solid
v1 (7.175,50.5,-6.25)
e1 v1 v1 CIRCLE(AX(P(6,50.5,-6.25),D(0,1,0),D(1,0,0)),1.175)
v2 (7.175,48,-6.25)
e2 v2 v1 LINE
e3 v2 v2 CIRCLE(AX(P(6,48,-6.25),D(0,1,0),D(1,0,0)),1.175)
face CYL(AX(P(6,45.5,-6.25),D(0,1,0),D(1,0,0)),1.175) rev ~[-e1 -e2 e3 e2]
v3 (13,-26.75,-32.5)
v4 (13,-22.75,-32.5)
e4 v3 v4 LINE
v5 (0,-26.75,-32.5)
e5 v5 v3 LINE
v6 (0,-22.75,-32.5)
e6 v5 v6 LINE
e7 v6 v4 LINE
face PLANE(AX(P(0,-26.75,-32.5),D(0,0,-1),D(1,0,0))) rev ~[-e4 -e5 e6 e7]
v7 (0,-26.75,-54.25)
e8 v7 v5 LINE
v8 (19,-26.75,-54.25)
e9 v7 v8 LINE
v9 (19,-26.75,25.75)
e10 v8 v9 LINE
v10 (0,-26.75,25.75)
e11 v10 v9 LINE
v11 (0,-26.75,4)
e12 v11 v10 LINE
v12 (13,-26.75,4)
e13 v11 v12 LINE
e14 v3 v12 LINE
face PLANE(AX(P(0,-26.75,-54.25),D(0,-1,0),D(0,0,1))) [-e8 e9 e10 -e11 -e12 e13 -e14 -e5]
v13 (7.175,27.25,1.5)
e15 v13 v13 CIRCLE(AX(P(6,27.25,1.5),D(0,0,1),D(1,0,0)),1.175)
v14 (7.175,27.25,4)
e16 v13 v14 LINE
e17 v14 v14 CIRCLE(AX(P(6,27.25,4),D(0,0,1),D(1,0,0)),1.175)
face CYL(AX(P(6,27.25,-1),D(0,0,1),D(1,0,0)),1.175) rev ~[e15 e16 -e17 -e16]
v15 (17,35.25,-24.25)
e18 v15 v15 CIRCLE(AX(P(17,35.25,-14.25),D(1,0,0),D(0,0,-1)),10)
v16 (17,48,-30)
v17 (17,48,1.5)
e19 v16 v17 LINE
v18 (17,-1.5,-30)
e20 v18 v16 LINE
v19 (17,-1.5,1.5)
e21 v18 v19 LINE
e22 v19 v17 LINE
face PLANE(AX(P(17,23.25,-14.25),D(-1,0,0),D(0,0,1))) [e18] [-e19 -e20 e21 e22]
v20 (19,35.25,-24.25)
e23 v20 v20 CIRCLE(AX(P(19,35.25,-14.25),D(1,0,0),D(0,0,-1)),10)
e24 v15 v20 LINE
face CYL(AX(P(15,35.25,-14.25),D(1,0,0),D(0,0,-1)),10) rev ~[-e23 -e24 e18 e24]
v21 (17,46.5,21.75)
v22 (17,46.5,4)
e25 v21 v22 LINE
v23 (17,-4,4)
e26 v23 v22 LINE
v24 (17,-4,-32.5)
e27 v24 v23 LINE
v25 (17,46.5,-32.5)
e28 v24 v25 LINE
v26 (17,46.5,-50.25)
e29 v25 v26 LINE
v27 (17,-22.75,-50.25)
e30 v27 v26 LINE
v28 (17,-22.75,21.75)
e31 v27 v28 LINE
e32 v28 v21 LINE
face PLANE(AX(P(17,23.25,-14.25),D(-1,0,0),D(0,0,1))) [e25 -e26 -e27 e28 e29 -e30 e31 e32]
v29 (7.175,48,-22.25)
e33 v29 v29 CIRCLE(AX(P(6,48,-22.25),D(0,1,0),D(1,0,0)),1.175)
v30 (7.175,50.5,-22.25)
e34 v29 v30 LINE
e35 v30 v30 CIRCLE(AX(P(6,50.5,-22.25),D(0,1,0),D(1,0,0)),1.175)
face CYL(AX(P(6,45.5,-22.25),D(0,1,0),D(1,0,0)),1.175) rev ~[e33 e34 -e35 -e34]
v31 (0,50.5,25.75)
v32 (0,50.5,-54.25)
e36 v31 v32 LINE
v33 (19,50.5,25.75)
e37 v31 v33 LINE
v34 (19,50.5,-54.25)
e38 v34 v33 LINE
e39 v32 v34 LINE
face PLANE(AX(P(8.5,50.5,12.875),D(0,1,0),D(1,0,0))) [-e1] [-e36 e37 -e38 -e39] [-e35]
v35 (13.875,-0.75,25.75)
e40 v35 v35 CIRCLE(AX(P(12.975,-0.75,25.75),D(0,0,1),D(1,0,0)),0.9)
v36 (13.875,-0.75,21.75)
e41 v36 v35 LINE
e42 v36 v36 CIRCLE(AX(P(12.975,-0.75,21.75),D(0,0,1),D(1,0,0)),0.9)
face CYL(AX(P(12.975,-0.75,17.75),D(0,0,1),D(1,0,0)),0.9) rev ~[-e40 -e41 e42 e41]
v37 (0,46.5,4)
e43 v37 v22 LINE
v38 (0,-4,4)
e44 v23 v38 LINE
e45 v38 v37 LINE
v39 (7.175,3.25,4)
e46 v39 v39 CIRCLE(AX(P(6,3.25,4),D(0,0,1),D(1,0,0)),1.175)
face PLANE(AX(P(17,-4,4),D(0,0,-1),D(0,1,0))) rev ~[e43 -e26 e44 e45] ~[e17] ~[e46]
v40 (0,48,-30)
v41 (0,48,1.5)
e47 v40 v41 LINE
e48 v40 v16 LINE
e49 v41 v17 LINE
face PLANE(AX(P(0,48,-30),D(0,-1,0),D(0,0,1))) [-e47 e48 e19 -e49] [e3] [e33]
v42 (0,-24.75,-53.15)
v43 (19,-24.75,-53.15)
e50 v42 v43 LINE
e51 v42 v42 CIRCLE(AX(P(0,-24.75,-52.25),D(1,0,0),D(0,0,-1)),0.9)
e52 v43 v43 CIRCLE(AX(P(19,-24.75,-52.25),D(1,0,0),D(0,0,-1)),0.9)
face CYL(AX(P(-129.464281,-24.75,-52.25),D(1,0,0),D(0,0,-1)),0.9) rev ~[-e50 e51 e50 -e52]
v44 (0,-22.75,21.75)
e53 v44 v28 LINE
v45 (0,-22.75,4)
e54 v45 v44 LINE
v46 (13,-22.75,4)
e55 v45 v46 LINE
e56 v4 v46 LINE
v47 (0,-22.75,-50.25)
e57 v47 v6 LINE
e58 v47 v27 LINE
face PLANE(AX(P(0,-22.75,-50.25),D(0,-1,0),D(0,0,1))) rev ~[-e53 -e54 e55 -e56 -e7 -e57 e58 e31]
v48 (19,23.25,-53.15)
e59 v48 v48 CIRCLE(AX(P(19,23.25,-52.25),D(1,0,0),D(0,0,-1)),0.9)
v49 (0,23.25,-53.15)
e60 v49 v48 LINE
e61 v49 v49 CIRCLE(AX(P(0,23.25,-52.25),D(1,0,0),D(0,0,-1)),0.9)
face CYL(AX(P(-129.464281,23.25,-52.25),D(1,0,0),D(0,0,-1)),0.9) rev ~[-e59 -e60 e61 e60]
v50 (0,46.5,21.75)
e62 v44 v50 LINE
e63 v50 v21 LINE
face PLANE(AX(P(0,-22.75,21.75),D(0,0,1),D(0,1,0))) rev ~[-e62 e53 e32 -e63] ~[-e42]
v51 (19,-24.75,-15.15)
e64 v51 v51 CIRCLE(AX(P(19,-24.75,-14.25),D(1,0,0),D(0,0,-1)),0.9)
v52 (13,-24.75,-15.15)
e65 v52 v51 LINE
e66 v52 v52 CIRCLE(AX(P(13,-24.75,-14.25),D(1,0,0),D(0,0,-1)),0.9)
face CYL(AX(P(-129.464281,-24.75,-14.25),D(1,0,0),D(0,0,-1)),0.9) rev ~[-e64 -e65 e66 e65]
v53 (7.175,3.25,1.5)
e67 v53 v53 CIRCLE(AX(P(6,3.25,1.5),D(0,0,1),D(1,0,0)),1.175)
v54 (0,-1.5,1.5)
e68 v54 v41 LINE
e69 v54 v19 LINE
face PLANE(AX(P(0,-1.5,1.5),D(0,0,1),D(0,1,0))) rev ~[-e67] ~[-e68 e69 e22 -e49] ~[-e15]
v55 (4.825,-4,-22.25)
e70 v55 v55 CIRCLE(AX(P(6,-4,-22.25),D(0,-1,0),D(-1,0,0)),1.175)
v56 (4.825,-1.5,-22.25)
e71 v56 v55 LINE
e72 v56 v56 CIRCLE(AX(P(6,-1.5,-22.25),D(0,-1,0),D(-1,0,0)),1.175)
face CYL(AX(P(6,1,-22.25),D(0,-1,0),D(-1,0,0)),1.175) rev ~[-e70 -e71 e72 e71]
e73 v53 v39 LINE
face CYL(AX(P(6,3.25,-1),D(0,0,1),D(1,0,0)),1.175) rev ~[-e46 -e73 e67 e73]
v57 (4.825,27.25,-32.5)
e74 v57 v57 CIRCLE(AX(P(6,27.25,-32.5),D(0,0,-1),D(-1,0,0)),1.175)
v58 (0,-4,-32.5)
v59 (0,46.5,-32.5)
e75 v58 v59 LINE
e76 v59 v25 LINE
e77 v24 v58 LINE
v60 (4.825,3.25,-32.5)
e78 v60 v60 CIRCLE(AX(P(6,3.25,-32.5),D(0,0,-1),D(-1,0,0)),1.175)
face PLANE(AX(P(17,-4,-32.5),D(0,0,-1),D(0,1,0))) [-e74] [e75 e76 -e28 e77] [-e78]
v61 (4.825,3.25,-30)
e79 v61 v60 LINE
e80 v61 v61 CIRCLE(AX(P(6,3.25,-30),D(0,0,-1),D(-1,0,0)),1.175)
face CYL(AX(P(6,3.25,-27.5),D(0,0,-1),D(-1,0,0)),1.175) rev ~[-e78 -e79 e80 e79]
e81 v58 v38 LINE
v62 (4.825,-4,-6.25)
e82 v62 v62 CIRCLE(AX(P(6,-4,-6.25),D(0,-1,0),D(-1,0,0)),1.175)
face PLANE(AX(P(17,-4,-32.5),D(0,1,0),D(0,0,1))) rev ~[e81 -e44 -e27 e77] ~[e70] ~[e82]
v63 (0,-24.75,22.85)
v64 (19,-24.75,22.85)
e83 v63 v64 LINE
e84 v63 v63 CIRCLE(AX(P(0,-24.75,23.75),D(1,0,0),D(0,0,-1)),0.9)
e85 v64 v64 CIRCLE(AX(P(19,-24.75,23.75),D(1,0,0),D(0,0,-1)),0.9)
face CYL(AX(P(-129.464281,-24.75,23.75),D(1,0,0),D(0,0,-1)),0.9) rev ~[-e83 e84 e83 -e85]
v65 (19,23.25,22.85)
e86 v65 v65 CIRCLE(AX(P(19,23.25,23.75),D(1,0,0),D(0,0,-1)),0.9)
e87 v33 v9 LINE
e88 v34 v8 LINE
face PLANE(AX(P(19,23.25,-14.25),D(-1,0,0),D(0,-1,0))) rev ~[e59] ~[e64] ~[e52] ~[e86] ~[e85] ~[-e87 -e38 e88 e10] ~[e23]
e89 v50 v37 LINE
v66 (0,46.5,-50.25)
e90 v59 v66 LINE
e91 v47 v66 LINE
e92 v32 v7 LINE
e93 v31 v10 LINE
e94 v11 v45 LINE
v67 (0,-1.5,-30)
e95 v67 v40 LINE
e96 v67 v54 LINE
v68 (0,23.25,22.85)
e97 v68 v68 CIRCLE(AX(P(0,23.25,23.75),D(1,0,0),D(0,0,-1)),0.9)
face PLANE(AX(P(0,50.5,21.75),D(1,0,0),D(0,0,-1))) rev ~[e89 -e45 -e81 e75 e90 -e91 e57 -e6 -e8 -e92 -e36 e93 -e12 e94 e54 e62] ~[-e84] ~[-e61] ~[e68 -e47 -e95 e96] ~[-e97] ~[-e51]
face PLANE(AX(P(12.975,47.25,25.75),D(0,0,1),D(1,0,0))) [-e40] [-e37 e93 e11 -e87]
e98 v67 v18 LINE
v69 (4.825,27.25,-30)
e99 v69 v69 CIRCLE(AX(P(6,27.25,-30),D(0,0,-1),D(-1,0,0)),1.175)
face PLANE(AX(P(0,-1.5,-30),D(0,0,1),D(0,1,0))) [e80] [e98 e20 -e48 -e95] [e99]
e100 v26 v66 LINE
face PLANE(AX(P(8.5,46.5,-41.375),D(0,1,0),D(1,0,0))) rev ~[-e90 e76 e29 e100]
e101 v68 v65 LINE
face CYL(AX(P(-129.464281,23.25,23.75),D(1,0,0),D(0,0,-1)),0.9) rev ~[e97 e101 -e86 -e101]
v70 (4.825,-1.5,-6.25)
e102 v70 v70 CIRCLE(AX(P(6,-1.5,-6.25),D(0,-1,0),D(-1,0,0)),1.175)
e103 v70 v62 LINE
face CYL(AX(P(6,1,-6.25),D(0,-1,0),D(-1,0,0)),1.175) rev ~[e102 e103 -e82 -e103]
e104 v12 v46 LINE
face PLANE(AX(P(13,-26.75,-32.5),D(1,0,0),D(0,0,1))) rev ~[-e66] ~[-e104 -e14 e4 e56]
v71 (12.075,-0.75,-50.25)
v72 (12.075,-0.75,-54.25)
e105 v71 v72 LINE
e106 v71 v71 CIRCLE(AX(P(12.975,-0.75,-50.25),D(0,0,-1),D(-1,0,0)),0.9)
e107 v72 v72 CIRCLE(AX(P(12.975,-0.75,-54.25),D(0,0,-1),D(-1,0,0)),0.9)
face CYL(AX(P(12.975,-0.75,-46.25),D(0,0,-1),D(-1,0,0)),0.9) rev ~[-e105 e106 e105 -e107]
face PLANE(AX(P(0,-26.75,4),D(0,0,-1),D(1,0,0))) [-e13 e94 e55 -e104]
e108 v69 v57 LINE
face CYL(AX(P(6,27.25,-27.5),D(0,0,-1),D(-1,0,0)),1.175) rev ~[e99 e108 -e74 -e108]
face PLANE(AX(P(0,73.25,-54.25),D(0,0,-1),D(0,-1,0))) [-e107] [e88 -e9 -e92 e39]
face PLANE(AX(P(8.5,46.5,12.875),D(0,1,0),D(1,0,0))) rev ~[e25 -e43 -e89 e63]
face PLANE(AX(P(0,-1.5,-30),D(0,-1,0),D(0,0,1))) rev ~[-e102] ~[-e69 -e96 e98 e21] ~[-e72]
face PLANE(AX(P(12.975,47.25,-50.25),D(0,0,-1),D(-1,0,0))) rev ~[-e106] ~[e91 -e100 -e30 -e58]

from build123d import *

# Parameters (mm, degrees)
SKETCH_1_W                    = 100
SKETCH_1_H                    = 80
EXTRUDE_1_DEPTH               = 19
SKETCH_2_W                    = 72
SKETCH_2_H                    = 92
CUT_EXTRUDE_1_DEPTH           = 17
SKETCH_3_W                    = 36.5
SKETCH_3_H                    = 54.5
EXTRUDE_2_DEPTH               = 17
SKETCH_4_W                    = 31.5
SKETCH_4_H                    = 49.5
CUT_EXTRUDE_2_DEPTH           = 17
HOLE_WIZARD_20_0_20_1_D       = 20
HOLE_WIZARD_20_0_20_1_DEPTH   = 2
HOLE_WIZARD_1_8_1_8_1_D       = 1.8
HOLE_WIZARD_1_8_1_8_2_D       = 1.8
HOLE_WIZARD_1_8_1_8_2_DEPTH   = 4
HOLE_WIZARD_1_8_1_8_3_D       = 1.8
HOLE_WIZARD_1_8_1_8_3_DEPTH   = 4
HOLE_WIZARD_2_35_2_35_1_D     = 2.35
HOLE_WIZARD_2_35_2_35_1_DEPTH = 2.5
HOLE_WIZARD_2_35_2_35_2_D     = 2.35
HOLE_WIZARD_2_35_2_35_2_DEPTH = 2.5
HOLE_WIZARD_2_35_2_35_3_D     = 2.35
HOLE_WIZARD_2_35_2_35_3_DEPTH = 2.5
HOLE_WIZARD_2_35_2_35_4_D     = 2.35
HOLE_WIZARD_2_35_2_35_4_DEPTH = 2.5
SKETCH_22_W                   = 13
SKETCH_22_H                   = 36.5
CUT_EXTRUDE_5_DEPTH           = 10
SKETCH_23_W                   = 80
SKETCH_23_H                   = 22.75
CUT_EXTRUDE_6_DEPTH           = 19
SKETCH_24_W                   = 17
SKETCH_24_H                   = 17.75
EXTRUDE_3_DEPTH               = 4
SKETCH_25_R                   = 0.9
EXTRUDE_4_DEPTH               = 4
EXTRUDE_START                 = -4
SKETCH_26_R                   = 0.9
EXTRUDE_5_DEPTH               = 4


with BuildPart() as part:
    # 스케치1 → 보스-돌출1 (new body)
    with BuildSketch(Plane(origin=(0, 0, 0), x_dir=(0, -1, 0), z_dir=(-1, 0, 0))):
        with Locations((-23.25, -14.25)):
            Rectangle(SKETCH_1_W, SKETCH_1_H)
    extrude(amount=-EXTRUDE_1_DEPTH)

    # 스케치2 → 컷-돌출1 (cut)
    with BuildSketch(Plane.ZY):
        with Locations((-14.25, 23.25)):
            Rectangle(SKETCH_2_W, SKETCH_2_H)
    extrude(amount=-CUT_EXTRUDE_1_DEPTH, mode=Mode.SUBTRACT)

    # 스케치3 → 보스-돌출2 (add)
    with BuildSketch(Plane.ZY.offset(-17)):
        with Locations((-14.25, 23.25)):
            Rectangle(SKETCH_3_W, SKETCH_3_H)
    extrude(amount=EXTRUDE_2_DEPTH)

    # 스케치4 → 컷-돌출2 (cut)
    with BuildSketch(Plane.ZY):
        with Locations((-14.25, 23.25)):
            Rectangle(SKETCH_4_W, SKETCH_4_H)
    extrude(amount=-CUT_EXTRUDE_2_DEPTH, mode=Mode.SUBTRACT)

    # Ø20.0 (20) 지름 구멍1
    with Locations(Plane.ZY.offset(-17)):
        with Locations((-14.25, 35.25)):
            Hole(HOLE_WIZARD_20_0_20_1_D / 2, depth=HOLE_WIZARD_20_0_20_1_DEPTH)

    # Ø1.8 (1.8) 지름 구멍1 (through all)
    with Locations(Plane.ZY):
        with Locations((-52.25, 71.25), (-14.25, 71.25), (23.75, 71.25), (23.75, -24.75), (-14.25, -24.75), (-52.25, -24.75), (-52.25, 23.25), (23.75, 23.25)):
            Hole(HOLE_WIZARD_1_8_1_8_1_D / 2)

    # Ø1.8 (1.8) 지름 구멍2
    with Locations(Plane.XY.offset(-50.25)):
        with Locations((12.975, -0.75), (12.975, 47.25)):
            Hole(HOLE_WIZARD_1_8_1_8_2_D / 2, depth=HOLE_WIZARD_1_8_1_8_2_DEPTH)

    # Ø1.8 (1.8) 지름 구멍3
    with Locations(Plane(origin=(0, 0, 21.75), x_dir=(-1, 0, 0), z_dir=(0, 0, -1))):
        with Locations((-12.975, -0.75), (-12.975, 47.25)):
            Hole(HOLE_WIZARD_1_8_1_8_3_D / 2, depth=HOLE_WIZARD_1_8_1_8_3_DEPTH)

    # Ø2.35 (2.35) 지름 구멍1
    with Locations(Plane(origin=(0, -1.5, 0), x_dir=(1, 0, 0), z_dir=(0, 1, 0))):
        with Locations((6, 6.25), (6, 22.25)):
            Hole(HOLE_WIZARD_2_35_2_35_1_D / 2, depth=HOLE_WIZARD_2_35_2_35_1_DEPTH)

    # Ø2.35 (2.35) 지름 구멍2
    with Locations(Plane.XY.offset(-30)):
        with Locations((6, 27.25), (6, 3.25)):
            Hole(HOLE_WIZARD_2_35_2_35_2_D / 2, depth=HOLE_WIZARD_2_35_2_35_2_DEPTH)

    # Ø2.35 (2.35) 지름 구멍3
    with Locations(Plane(origin=(0, 48, 0), x_dir=(-1, 0, 0), z_dir=(0, -1, 0))):
        with Locations((-6, 6.25), (-6, 22.25)):
            Hole(HOLE_WIZARD_2_35_2_35_3_D / 2, depth=HOLE_WIZARD_2_35_2_35_3_DEPTH)

    # Ø2.35 (2.35) 지름 구멍4
    with Locations(Plane(origin=(0, 0, 1.5), x_dir=(-1, 0, 0), z_dir=(0, 0, -1))):
        with Locations((-6, 27.25), (-6, 3.25)):
            Hole(HOLE_WIZARD_2_35_2_35_4_D / 2, depth=HOLE_WIZARD_2_35_2_35_4_DEPTH)

    # 스케치22 → 컷-돌출5 (cut)
    with BuildSketch(Plane.XZ.offset(26.75)):
        with Locations((6.5, -14.25)):
            Rectangle(SKETCH_22_W, SKETCH_22_H)
    extrude(amount=-CUT_EXTRUDE_5_DEPTH, mode=Mode.SUBTRACT)

    # 스케치23 → 컷-돌출6 (cut)
    with BuildSketch(Plane.ZY):
        with Locations((-14.25, 61.875)):
            Rectangle(SKETCH_23_W, SKETCH_23_H)
    extrude(amount=-CUT_EXTRUDE_6_DEPTH, mode=Mode.SUBTRACT)

    # 스케치24 → 보스-돌출3 (add)
    with BuildSketch(Plane(origin=(0, 50.5, 0), x_dir=(1, 0, 0), z_dir=(0, 1, 0))):
        with Locations((8.5, -12.875)):
            Rectangle(SKETCH_24_W, SKETCH_24_H)
        with Locations((8.5, 41.375)):
            Rectangle(SKETCH_24_W, SKETCH_24_H)
    extrude(amount=-EXTRUDE_3_DEPTH)

    # 스케치25 → 보스-돌출4 (add)
    with BuildSketch(Plane.XY.offset(25.75)):
        with Locations((12.975, 47.25)):
            Circle(SKETCH_25_R)
    extrude(amount=-EXTRUDE_4_DEPTH)

    # 스케치26 → 보스-돌출5 (add)
    with BuildSketch(Plane(origin=(0, 0, -54.25), x_dir=(-1, 0, 0), z_dir=(0, 0, -1)).offset(EXTRUDE_START)):
        with Locations((-12.975, 47.25)):
            Circle(SKETCH_26_R)
    extrude(amount=EXTRUDE_5_DEPTH)


solid = part.part
